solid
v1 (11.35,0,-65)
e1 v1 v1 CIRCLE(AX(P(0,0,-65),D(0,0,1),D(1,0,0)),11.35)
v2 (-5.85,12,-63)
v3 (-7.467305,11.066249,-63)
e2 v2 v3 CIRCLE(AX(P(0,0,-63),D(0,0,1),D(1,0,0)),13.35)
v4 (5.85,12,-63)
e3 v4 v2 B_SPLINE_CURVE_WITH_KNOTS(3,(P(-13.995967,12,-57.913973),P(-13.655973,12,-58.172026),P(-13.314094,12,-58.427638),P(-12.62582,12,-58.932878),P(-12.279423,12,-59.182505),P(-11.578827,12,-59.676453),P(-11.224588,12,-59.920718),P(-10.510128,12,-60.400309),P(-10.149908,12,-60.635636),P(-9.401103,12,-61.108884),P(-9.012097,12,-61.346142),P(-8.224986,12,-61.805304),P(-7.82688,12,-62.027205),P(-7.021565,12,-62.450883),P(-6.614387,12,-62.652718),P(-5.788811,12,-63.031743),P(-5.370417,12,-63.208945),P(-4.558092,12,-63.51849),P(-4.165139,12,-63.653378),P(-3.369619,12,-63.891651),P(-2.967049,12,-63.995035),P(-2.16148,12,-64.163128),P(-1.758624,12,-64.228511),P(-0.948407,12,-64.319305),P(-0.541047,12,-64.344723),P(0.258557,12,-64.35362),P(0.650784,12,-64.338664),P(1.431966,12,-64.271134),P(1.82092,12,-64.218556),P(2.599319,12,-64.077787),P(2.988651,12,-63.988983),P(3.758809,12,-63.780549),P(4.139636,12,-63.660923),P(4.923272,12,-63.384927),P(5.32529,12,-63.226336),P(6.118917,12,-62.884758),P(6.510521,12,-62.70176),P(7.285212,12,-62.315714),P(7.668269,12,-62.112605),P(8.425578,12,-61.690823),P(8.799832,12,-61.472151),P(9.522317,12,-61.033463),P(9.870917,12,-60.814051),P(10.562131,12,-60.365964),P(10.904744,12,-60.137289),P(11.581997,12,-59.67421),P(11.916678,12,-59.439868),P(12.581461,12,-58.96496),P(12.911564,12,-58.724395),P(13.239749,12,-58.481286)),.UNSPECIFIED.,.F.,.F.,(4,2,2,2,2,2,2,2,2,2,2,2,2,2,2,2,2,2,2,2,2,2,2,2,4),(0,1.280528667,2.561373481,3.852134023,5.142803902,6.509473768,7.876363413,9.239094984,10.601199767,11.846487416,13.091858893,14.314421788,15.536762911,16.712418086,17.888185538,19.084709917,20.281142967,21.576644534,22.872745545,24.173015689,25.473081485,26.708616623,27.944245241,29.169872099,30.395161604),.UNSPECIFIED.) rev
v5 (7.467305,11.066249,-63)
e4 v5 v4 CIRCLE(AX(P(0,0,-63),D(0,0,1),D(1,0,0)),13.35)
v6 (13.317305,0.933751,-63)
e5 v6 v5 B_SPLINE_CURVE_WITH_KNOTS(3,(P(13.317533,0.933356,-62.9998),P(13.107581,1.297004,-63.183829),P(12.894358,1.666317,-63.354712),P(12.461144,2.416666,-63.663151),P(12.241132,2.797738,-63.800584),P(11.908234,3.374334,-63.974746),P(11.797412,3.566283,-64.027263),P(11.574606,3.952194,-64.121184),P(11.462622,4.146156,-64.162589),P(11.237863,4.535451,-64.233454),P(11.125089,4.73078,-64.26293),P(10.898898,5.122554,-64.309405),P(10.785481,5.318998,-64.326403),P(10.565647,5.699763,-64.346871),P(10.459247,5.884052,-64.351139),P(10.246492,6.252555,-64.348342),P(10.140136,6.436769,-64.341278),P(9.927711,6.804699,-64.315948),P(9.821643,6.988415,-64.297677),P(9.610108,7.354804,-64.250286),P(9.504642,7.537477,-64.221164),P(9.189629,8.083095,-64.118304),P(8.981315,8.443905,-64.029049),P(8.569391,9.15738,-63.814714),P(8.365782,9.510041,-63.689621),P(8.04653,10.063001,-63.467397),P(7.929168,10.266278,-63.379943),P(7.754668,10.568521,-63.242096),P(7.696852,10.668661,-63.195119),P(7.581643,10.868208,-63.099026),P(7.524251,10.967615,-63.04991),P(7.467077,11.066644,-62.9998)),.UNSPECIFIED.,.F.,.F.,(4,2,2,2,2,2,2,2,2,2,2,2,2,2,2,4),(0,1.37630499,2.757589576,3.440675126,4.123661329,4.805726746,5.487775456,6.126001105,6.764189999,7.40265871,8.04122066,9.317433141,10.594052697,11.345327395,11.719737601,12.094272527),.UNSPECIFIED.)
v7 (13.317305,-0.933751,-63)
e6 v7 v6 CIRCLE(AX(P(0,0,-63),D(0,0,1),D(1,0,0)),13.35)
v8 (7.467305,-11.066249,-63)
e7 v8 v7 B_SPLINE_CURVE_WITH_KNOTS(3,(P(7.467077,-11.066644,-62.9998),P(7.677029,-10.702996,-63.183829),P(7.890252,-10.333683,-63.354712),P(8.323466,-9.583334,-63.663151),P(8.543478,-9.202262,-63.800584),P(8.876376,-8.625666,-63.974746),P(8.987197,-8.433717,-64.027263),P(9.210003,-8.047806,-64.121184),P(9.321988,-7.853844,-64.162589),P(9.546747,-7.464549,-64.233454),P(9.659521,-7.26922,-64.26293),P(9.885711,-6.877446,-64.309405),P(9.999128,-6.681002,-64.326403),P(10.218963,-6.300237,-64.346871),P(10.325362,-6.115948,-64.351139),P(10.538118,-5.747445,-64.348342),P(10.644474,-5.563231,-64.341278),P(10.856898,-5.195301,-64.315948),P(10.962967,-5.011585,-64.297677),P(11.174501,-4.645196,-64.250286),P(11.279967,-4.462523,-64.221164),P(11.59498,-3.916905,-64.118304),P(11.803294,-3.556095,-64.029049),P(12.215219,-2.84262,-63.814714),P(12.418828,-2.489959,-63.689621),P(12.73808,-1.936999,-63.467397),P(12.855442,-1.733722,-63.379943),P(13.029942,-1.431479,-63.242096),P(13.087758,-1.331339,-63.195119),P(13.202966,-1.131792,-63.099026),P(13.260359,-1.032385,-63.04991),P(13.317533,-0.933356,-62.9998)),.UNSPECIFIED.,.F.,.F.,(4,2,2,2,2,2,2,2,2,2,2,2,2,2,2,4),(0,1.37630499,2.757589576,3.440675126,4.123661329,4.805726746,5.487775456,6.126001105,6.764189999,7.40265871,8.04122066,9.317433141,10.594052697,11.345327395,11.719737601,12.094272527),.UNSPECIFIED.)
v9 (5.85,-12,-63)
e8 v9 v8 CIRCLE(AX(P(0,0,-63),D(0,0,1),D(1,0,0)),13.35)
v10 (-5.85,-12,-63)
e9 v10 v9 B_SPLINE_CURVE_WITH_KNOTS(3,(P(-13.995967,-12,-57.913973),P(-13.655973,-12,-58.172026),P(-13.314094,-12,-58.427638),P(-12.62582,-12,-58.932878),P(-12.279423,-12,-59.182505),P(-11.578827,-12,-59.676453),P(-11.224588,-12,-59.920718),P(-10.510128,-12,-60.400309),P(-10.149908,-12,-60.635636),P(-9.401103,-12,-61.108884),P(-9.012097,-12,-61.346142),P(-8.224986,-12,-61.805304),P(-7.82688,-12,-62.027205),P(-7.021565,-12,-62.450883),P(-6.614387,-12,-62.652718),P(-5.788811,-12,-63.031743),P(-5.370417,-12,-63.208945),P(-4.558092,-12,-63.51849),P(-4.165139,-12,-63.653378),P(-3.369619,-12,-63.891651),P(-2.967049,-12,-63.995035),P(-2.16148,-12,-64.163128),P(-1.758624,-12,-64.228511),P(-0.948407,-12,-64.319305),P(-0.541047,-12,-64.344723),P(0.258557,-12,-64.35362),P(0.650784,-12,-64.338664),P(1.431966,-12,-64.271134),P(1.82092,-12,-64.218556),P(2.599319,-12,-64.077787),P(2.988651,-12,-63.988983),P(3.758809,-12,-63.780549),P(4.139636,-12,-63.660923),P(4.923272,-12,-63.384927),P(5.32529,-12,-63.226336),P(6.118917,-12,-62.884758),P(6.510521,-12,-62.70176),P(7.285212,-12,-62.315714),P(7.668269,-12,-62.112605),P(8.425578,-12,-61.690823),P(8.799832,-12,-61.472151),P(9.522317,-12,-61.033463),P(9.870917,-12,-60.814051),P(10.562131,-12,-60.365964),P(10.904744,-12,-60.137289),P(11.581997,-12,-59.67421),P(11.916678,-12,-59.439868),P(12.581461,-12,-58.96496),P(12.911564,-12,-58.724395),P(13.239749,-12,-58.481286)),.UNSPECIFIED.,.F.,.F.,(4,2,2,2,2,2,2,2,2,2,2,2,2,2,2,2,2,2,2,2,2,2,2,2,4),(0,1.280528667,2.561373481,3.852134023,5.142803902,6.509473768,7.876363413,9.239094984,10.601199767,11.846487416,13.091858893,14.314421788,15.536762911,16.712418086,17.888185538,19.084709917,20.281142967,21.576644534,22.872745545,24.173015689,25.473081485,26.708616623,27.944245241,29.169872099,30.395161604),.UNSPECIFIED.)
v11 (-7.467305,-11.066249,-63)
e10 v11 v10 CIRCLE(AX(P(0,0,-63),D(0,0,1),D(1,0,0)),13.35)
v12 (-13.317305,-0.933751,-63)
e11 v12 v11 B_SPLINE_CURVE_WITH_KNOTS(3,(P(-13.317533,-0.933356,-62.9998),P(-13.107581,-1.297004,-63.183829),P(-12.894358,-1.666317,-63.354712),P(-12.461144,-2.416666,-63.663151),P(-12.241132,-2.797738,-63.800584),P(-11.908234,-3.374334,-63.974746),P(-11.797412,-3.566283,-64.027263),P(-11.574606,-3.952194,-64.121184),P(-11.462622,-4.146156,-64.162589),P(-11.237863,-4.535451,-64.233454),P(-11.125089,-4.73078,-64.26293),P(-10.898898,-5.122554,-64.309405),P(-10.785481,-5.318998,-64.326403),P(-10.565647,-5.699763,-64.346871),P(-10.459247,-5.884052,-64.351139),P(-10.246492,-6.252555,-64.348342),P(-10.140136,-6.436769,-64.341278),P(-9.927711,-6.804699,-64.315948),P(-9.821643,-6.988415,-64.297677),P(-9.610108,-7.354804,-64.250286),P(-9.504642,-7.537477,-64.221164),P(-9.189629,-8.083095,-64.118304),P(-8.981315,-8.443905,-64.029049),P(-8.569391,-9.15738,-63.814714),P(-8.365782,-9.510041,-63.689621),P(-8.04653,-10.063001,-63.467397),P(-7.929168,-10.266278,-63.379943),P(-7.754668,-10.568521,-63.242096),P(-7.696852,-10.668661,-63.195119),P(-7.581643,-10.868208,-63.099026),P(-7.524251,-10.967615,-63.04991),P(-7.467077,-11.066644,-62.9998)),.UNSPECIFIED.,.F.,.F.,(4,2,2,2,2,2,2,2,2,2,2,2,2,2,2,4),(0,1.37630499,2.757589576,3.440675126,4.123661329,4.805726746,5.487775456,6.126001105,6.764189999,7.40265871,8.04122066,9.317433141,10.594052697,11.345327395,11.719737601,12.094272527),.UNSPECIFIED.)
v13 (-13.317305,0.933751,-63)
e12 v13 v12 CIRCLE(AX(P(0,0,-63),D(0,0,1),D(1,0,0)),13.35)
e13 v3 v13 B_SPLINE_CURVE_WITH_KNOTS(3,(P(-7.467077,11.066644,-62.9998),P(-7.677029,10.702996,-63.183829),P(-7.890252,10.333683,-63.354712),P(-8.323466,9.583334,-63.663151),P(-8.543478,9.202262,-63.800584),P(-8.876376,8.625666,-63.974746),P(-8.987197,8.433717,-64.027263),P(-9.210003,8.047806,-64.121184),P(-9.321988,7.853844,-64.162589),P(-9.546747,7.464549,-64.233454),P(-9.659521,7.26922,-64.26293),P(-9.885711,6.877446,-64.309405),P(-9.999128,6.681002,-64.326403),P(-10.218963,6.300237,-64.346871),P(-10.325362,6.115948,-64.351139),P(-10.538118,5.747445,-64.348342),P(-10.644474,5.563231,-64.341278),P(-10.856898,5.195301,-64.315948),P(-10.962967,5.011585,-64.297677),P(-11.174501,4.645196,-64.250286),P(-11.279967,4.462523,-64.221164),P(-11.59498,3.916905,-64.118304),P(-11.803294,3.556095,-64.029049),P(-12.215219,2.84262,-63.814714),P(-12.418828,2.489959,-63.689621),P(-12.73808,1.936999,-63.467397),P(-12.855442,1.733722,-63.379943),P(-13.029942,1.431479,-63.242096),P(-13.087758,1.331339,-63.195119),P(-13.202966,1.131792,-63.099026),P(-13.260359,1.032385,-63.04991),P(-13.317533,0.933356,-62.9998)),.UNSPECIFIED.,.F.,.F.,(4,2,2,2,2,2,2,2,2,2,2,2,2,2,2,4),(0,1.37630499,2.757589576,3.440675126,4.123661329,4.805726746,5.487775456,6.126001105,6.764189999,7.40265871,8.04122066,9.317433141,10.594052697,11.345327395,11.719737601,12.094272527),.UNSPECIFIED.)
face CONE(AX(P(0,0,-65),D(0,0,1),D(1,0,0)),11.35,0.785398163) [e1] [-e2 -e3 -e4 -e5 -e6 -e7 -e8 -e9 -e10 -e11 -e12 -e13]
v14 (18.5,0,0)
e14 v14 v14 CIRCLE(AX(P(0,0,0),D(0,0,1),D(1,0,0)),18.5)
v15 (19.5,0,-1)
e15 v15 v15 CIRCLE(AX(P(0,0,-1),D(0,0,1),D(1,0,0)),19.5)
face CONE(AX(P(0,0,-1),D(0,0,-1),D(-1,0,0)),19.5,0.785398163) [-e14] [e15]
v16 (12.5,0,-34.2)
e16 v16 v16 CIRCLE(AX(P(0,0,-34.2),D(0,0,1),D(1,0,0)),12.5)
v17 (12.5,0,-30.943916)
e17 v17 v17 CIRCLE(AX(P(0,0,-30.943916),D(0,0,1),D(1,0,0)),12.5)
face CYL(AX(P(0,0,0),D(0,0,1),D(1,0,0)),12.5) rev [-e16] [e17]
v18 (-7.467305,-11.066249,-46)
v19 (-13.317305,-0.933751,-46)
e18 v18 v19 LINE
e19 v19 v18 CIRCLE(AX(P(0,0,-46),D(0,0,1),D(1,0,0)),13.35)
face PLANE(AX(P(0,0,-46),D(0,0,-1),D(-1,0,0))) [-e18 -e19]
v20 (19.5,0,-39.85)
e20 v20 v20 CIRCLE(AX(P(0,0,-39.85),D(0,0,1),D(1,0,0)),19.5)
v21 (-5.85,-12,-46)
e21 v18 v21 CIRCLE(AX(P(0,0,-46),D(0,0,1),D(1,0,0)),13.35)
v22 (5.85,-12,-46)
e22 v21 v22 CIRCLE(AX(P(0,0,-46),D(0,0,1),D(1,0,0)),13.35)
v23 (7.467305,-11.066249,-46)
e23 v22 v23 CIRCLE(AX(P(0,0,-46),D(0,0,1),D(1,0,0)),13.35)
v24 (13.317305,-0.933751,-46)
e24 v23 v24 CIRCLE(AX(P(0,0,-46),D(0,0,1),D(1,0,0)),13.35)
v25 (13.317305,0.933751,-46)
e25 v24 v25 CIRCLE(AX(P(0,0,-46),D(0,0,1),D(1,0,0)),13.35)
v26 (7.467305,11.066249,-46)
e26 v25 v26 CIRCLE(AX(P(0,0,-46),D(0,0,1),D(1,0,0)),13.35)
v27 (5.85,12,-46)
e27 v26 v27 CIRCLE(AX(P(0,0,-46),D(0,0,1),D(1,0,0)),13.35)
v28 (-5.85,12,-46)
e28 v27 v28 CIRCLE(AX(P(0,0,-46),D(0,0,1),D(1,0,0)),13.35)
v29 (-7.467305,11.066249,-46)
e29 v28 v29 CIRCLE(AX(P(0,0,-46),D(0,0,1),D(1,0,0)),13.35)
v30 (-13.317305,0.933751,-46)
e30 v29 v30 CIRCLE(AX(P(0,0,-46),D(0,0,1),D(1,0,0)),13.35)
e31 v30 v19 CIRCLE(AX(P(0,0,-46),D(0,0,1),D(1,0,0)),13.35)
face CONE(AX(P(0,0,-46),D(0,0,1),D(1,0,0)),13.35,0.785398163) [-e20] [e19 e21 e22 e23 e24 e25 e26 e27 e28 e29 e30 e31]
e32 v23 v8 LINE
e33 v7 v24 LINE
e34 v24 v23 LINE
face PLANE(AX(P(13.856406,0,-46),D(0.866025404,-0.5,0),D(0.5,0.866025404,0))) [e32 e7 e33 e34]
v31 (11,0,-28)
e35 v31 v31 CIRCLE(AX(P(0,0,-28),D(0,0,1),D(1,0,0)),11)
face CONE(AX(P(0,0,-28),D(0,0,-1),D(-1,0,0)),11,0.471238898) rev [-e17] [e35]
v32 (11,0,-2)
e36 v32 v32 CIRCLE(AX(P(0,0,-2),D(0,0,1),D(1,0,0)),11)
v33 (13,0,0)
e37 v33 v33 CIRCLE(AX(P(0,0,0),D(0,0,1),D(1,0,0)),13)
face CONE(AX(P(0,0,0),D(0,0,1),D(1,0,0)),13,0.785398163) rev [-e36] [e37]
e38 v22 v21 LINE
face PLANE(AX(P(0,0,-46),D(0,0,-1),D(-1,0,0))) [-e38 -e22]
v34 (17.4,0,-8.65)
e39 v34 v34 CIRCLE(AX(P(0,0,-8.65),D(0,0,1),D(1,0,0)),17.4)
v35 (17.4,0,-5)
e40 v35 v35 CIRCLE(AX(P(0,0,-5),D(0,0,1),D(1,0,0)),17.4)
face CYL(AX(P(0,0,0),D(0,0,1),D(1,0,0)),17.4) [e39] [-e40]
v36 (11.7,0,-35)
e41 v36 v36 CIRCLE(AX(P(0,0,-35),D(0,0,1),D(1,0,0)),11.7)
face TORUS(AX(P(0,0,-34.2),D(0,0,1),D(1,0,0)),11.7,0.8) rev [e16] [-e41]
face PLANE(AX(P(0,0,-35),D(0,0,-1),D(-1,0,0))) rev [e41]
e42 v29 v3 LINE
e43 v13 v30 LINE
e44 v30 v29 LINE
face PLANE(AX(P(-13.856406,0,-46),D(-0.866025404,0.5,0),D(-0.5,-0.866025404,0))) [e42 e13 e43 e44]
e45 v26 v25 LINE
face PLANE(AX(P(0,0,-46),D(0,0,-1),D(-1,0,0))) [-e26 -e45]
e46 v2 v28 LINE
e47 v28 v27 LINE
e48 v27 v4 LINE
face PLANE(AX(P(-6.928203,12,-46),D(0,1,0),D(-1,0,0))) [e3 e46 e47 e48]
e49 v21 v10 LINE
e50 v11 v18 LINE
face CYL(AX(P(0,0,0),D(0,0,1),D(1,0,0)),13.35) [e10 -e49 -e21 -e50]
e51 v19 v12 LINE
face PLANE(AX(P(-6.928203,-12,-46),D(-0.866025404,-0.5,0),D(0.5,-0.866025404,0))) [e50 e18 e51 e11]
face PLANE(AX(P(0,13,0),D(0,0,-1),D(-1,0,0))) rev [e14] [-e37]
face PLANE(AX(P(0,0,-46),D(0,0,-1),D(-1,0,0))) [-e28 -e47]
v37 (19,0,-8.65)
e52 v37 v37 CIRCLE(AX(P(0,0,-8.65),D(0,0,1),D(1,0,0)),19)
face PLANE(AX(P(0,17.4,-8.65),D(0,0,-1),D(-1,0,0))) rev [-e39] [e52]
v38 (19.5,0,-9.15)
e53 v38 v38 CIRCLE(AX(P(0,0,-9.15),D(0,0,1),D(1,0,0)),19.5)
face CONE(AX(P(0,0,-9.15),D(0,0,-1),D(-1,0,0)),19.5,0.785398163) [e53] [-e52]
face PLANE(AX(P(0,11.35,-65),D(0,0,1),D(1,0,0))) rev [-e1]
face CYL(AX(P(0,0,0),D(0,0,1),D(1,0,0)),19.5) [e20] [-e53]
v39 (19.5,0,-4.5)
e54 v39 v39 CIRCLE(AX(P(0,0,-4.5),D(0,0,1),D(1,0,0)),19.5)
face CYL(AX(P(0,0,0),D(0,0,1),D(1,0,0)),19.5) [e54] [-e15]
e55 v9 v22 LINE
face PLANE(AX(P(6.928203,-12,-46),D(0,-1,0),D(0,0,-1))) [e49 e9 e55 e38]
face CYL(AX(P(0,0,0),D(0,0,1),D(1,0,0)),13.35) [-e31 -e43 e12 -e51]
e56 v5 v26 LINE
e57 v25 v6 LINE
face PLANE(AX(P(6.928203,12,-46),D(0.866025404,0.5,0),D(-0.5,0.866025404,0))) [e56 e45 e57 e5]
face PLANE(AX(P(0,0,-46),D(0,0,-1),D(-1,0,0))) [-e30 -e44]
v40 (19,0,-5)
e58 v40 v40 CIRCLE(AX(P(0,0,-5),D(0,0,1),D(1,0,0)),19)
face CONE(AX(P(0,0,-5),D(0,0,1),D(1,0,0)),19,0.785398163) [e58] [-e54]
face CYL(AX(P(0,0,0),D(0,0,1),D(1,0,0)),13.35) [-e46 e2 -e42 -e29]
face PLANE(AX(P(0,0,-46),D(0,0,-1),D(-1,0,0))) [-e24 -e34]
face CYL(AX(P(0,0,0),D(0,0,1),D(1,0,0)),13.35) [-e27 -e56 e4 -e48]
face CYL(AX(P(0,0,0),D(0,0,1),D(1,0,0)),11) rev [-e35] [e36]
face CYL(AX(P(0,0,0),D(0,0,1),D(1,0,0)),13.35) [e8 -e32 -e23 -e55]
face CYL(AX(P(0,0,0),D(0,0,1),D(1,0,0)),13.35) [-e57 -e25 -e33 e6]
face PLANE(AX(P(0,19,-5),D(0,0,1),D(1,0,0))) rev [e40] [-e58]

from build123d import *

# Parameters (mm, degrees)
SKETCH2_OUTSIDE_W  = 58.05
SKETCH2_OUTSIDE_H  = 58.05
CUT_EXTRUDE1_DEPTH = 19


with BuildPart() as part:
    # Sketch1 → Revolve1 (revolve)
    with BuildSketch(Plane(origin=(0, 0, 0), x_dir=(0, 0, -1), z_dir=(1, 0, 0)), mode=Mode.PRIVATE) as revolve1_sk:
        with BuildLine():
            Line((35, 0), (35, 11.7))
            ThreePointArc((35, 11.7), (34.765685425, 12.265685425), (34.2, 12.5))
            Line((34.2, 12.5), (30.943915758, 12.5))
            Line((30.943915758, 12.5), (28, 11))
            Line((28, 11), (2, 11))
            Line((2, 11), (0, 13))
            Line((0, 13), (0, 18.5))
            Line((0, 18.5), (1, 19.5))
            Line((1, 19.5), (4.5, 19.5))
            Line((4.5, 19.5), (5, 19))
            Line((5, 19), (5, 17.4))
            Line((5, 17.4), (8.65, 17.4))
            Line((8.65, 17.4), (8.65, 19))
            Line((8.65, 19), (9.15, 19.5))
            Line((9.15, 19.5), (39.85, 19.5))
            Line((39.85, 19.5), (46, 13.35))
            Line((46, 13.35), (63, 13.35))
            Line((63, 13.35), (65, 11.35))
            Line((65, 11.35), (65, 0))
            Line((65, 0), (35, 0))
        make_face()
    revolve(revolve1_sk.sketch.rotate(Axis((0, 0, 0), (0, 0, -1)), 90), axis=Axis((0, 0, 0), (0, 0, -1)))

    # Sketch2 outside → Cut-Extrude1 (cut)
    with BuildSketch(Plane(origin=(0, 0, -65), x_dir=(-1, 0, 0), z_dir=(0, 0, -1))):
        Rectangle(SKETCH2_OUTSIDE_W, SKETCH2_OUTSIDE_H)
        Polygon((-13.856406461, 0), (-6.92820323, -12), (6.92820323, -12), (13.856406461, 0), (6.92820323, 12), (-6.92820323, 12), align=None, mode=Mode.SUBTRACT)
    extrude(amount=-CUT_EXTRUDE1_DEPTH, mode=Mode.SUBTRACT)


solid = part.part
